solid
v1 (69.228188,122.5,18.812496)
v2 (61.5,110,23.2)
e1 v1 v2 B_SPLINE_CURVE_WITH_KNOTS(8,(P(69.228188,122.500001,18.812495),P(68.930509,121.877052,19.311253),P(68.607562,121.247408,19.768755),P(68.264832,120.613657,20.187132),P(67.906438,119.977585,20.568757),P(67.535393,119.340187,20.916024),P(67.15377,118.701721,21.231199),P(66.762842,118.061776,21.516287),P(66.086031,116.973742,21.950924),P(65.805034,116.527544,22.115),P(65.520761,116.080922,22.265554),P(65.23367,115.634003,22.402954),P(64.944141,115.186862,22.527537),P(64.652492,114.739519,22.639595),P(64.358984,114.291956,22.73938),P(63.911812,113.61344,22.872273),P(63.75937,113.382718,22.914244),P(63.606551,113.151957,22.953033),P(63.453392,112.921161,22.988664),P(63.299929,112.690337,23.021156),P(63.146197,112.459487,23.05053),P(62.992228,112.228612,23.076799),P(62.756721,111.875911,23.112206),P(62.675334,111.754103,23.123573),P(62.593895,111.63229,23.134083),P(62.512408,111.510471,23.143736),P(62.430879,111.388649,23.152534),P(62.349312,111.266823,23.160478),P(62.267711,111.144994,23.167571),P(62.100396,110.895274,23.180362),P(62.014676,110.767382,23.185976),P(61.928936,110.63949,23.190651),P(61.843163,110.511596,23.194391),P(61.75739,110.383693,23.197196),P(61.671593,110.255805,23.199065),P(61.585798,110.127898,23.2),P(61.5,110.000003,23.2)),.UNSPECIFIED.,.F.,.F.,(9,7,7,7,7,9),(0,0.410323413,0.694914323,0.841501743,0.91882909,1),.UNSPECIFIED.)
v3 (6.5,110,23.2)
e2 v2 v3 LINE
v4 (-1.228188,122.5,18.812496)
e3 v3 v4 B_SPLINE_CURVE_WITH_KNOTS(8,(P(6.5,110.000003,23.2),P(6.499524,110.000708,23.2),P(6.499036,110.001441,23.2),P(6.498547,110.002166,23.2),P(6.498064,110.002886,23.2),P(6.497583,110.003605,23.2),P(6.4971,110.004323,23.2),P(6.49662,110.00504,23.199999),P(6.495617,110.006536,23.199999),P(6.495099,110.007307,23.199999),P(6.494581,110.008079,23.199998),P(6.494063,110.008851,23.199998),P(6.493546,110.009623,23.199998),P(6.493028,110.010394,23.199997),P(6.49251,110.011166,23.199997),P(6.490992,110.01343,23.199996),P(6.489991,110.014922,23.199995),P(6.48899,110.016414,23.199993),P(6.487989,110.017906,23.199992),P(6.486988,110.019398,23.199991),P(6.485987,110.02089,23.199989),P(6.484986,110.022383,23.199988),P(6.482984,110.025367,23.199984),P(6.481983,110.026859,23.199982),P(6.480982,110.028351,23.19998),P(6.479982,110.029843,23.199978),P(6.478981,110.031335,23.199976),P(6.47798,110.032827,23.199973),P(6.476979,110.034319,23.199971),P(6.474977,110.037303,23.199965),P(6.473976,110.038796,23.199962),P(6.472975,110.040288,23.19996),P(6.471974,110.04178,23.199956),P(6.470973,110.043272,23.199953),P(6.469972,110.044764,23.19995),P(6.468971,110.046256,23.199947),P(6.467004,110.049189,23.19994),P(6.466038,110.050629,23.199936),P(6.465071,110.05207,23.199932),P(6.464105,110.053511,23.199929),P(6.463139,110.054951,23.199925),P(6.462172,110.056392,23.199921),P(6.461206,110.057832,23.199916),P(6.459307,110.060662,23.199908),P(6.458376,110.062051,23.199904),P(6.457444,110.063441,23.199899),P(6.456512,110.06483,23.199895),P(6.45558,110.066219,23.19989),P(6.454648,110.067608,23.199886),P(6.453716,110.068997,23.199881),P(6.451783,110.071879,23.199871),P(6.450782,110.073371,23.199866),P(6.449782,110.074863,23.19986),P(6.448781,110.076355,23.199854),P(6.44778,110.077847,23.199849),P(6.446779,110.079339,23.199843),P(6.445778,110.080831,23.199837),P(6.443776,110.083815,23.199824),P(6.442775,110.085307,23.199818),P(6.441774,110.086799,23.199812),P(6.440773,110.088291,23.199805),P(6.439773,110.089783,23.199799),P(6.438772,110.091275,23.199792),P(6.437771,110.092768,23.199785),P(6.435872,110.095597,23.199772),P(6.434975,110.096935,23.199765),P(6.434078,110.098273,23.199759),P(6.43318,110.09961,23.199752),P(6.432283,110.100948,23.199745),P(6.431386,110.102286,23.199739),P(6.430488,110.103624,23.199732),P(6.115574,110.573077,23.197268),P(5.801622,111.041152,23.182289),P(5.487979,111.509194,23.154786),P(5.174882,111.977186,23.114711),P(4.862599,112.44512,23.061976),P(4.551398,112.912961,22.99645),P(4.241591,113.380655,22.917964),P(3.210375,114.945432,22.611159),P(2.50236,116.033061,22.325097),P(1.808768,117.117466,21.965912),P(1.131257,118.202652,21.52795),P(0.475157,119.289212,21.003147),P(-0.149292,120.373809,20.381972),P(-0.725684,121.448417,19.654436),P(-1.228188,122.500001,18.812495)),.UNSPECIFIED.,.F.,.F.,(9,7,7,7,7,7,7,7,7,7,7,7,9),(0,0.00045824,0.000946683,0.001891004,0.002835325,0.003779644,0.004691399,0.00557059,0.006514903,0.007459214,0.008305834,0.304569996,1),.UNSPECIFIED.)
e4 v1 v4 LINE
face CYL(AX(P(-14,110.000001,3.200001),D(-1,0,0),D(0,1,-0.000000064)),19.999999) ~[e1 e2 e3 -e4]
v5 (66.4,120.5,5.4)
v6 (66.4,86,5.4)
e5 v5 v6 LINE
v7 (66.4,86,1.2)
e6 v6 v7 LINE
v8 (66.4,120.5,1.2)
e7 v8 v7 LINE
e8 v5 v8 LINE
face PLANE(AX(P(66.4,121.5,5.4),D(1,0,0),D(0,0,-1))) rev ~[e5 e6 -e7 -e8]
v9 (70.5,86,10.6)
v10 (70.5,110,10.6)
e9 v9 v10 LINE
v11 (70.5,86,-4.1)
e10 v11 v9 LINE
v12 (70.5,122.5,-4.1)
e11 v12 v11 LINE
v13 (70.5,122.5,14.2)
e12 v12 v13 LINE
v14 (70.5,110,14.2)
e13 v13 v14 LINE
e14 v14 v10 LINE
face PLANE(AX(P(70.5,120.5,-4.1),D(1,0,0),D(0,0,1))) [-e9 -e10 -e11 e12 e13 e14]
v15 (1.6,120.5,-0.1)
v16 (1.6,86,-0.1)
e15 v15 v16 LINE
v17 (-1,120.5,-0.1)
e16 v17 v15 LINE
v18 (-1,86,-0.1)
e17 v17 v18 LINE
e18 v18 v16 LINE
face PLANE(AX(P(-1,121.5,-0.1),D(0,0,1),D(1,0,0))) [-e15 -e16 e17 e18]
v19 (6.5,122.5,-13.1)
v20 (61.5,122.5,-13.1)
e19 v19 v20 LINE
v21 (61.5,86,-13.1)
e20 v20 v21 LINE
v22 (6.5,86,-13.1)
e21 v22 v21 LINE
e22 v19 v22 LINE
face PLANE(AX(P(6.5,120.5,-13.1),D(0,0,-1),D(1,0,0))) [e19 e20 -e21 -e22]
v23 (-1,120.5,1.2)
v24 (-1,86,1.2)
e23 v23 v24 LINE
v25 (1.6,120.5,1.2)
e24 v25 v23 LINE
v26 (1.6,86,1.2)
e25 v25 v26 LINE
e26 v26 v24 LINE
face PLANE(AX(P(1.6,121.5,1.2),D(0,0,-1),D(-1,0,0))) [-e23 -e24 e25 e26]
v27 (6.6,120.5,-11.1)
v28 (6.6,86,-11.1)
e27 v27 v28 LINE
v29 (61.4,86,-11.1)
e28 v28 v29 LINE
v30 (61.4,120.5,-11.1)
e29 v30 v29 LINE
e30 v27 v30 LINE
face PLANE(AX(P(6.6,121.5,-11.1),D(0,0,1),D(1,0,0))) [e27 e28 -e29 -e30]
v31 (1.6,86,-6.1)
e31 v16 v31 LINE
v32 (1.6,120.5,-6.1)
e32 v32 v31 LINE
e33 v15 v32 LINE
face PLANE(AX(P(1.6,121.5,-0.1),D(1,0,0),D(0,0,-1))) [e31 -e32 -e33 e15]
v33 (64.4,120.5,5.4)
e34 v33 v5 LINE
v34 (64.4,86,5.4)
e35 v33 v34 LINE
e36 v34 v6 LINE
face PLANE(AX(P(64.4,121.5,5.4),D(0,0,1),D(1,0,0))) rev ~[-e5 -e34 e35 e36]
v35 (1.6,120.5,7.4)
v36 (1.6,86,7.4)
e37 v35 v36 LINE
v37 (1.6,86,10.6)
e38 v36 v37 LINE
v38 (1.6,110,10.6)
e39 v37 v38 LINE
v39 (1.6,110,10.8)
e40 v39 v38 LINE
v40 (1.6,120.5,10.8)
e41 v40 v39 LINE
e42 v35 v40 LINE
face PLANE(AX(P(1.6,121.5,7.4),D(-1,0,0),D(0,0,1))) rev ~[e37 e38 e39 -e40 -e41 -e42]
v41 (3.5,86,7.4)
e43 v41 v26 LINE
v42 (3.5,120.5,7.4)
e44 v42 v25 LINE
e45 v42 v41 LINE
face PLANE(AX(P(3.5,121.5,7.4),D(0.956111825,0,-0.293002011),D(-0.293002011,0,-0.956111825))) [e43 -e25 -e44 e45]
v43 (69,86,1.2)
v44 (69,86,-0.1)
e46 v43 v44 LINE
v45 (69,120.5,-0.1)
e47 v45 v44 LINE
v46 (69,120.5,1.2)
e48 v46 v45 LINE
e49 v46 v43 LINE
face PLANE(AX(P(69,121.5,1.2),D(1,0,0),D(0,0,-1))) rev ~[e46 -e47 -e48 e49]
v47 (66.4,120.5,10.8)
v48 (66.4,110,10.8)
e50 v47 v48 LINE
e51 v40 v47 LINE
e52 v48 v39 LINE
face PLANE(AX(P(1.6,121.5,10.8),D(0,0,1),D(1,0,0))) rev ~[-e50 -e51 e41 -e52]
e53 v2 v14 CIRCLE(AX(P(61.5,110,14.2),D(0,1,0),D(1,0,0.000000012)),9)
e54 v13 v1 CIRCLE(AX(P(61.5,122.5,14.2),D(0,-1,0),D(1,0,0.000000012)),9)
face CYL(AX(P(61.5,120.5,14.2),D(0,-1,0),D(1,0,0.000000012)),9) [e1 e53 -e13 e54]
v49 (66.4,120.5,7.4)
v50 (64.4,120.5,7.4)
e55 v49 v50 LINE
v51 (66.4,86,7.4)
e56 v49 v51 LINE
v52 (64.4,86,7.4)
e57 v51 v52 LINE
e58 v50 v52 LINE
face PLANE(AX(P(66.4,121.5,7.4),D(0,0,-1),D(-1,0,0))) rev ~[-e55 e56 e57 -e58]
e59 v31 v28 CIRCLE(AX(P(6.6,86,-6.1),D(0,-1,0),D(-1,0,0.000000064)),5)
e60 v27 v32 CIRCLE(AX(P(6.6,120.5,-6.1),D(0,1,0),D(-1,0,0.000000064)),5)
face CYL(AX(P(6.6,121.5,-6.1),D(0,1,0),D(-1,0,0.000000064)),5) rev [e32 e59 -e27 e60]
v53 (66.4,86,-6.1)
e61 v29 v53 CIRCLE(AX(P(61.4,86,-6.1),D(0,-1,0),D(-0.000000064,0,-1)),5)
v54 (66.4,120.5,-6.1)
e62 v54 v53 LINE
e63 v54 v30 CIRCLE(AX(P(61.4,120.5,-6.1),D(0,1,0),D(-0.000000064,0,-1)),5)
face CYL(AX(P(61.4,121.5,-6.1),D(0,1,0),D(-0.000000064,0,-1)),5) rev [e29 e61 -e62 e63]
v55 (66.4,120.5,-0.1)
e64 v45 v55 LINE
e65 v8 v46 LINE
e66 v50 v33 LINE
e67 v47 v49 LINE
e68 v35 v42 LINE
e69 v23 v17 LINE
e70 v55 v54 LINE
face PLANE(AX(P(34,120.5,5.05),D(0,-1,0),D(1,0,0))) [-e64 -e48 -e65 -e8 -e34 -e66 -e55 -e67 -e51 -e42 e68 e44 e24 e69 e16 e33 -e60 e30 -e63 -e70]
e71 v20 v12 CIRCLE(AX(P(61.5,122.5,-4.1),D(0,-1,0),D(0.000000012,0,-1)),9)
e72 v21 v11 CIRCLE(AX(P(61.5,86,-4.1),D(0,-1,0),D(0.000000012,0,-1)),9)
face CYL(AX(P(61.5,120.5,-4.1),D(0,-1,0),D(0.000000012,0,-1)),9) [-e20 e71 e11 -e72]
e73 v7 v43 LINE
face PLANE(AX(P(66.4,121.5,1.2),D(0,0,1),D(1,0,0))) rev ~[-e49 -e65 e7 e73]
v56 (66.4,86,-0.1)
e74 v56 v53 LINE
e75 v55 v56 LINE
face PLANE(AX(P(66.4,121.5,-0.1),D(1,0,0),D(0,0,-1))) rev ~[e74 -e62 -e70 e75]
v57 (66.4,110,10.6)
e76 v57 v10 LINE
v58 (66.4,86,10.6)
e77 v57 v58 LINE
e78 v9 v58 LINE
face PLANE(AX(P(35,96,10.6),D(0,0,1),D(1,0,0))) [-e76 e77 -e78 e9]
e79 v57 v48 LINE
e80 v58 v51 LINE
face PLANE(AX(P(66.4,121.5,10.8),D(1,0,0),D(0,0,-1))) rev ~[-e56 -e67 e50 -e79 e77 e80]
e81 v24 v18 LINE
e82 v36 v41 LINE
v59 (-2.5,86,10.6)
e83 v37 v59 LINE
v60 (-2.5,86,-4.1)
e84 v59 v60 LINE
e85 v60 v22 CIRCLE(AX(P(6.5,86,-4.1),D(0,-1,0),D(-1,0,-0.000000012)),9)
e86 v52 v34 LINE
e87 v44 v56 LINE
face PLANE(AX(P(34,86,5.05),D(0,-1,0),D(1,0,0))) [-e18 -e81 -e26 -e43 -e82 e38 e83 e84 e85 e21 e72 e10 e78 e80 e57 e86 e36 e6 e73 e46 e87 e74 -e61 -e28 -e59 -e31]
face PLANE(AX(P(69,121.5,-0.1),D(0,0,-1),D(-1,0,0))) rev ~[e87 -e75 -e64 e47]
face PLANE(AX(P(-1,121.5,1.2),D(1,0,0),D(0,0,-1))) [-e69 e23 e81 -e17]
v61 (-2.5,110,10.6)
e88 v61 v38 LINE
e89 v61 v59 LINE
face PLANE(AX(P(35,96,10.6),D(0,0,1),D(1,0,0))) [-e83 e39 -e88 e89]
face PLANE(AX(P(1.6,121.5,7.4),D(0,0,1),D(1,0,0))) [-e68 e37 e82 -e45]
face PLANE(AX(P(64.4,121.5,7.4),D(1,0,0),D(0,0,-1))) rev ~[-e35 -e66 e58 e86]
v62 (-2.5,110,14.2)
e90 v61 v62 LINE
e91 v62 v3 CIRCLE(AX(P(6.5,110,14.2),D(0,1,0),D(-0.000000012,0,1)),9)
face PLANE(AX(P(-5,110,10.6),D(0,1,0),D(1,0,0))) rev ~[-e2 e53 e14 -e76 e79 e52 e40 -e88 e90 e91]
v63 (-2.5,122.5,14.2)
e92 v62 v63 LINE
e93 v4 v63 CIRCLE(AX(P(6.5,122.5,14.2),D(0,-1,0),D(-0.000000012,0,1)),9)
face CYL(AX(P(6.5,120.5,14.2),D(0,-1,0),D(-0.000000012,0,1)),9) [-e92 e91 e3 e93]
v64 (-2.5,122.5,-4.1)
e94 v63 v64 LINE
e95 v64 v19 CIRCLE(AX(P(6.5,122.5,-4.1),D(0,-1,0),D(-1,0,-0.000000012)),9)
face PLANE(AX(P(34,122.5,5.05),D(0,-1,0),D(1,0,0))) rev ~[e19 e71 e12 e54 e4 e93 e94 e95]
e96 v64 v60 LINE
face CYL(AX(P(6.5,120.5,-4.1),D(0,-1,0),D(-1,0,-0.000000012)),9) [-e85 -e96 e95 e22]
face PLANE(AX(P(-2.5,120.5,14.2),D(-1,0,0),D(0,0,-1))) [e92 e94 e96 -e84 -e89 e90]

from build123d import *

# Parameters (mm, degrees)
EXTRUDE036_DEPTH                     = 100
EXTRUDE035_DEPTH                     = 2
EXTRUDE035_ONTO_SKETCH048_ROLL_ANGLE = 90
BOX016_W                             = 80
BOX016_H                             = 28
BOX016_DEPTH                         = 30
EXTRUDE034_DEPTH                     = 35.5
EXTRUDE034_ONTO_SKETCH047_ROLL_ANGLE = 90


with BuildPart() as round_cut:
    # Sketch049 → Extrude036 (new body)
    with BuildSketch(Plane.YZ.offset(-14)):
        with BuildLine():
            Line((100, 23.2), (100, 26.2))
            Line((100, 26.2), (133, 26.2))
            Line((133, 26.2), (133, -6.8))
            Line((133, -6.8), (130, -6.8))
            Line((130, -6.8), (130, 3.2))
            ThreePointArc((130, 3.2), (124.142136, 17.342136), (110, 23.2))
            Line((100, 23.2), (110, 23.2))
        make_face()
    extrude(amount=EXTRUDE036_DEPTH)


with BuildPart() as extrude035:
    # Sketch048 as drawn → Extrude035 (new)
    with BuildSketch(Plane.XY):
        with BuildLine():
            Line((-2.5, 14.2), (-2.5, -4.1))
            ThreePointArc((-2.5, -4.1), (0.136039, -10.463961), (6.5, -13.1))
            Line((6.5, -13.1), (61.5, -13.1))
            ThreePointArc((61.5, -13.1), (67.863961, -10.463961), (70.5, -4.1))
            Line((70.5, -4.1), (70.5, 14.2))
            ThreePointArc((70.5, 14.2), (67.863961, 20.563961), (61.5, 23.2))
            Line((6.5, 23.2), (61.5, 23.2))
            ThreePointArc((6.5, 23.2), (0.136039, 20.563961), (-2.5, 14.2))
        make_face()
    extrude(amount=-EXTRUDE035_DEPTH)


with BuildPart() as extrude035_1:
    # Extrude035 onto Sketch048 roll: moved
    add(extrude035.part.rotate(Axis((0, 0, 0), (1, 0, 0)), EXTRUDE035_ONTO_SKETCH048_ROLL_ANGLE))


with BuildPart() as extrude035_2:
    # Extrude035 onto Sketch048 placement: moved
    add(extrude035_1.part.moved(Location((0, 120, 0))))


with BuildPart() as extrude035_3:
    # Extrude035 placement: moved
    add(extrude035_2.part.moved(Location((0, 0.5, 0))))


with BuildPart() as cube004:
    # Box016 → Box016 (new body)
    with BuildSketch(Plane(origin=(-5, 82, 10.6), x_dir=(1, 0, 0), z_dir=(0, 0, 1))):
        with Locations((40, 14)):
            Rectangle(BOX016_W, BOX016_H)
    extrude(amount=BOX016_DEPTH)


with BuildPart() as cut012:
    # Sketch047 as drawn → Extrude034 (new)
    with BuildSketch(Plane.XY):
        with BuildLine():
            Line((-2.5, 14.2), (-2.5, -4.1))
            ThreePointArc((-2.5, -4.1), (0.136039, -10.463961), (6.5, -13.1))
            Line((6.5, -13.1), (61.5, -13.1))
            ThreePointArc((61.5, -13.1), (67.863961, -10.463961), (70.5, -4.1))
            Line((70.5, -4.1), (70.5, 14.2))
            ThreePointArc((70.5, 14.2), (67.863961, 20.563961), (61.5, 23.2))
            Line((6.5, 23.2), (61.5, 23.2))
            ThreePointArc((6.5, 23.2), (0.136039, 20.563961), (-2.5, 14.2))
        make_face()
        with BuildLine():
            Line((1.6, 1.2), (-1, 1.2))
            Line((-1, 1.2), (-1, -0.1))
            Line((-1, -0.1), (1.6, -0.1))
            Line((1.6, -0.1), (1.6, -6.1))
            ThreePointArc((1.6, -6.1), (3.064466, -9.635534), (6.6, -11.1))
            Line((6.6, -11.1), (61.4, -11.1))
            ThreePointArc((61.4, -11.1), (64.935534, -9.635534), (66.4, -6.1))
            Line((66.4, -0.1), (66.4, -6.1))
            Line((69, -0.1), (66.4, -0.1))
            Line((69, 1.2), (69, -0.1))
            Line((66.4, 1.2), (69, 1.2))
            Line((66.4, 5.4), (66.4, 1.2))
            Line((64.4, 5.4), (66.4, 5.4))
            Line((64.4, 7.4), (64.4, 5.4))
            Line((66.4, 7.4), (64.4, 7.4))
            Line((66.4, 10.6), (66.4, 7.4))
            Line((66.4, 10.6), (66.4, 10.8))
            Line((66.4, 10.8), (64.5, 10.8))
            Line((64.5, 10.8), (3.5, 10.8))
            Line((1.6, 10.8), (3.5, 10.8))
            Line((1.6, 10.6), (1.6, 10.8))
            Line((1.6, 10.6), (1.6, 7.4))
            Line((1.6, 7.4), (3.5, 7.4))
            Line((3.5, 7.4), (1.6, 1.2))
        make_face(mode=Mode.SUBTRACT)
    extrude(amount=EXTRUDE034_DEPTH)


with BuildPart() as cut012_1:
    # Extrude034 onto Sketch047 roll: moved
    add(cut012.part.rotate(Axis((0, 0, 0), (1, 0, 0)), EXTRUDE034_ONTO_SKETCH047_ROLL_ANGLE))


with BuildPart() as cut012_2:
    # Extrude034 onto Sketch047 placement: moved
    add(cut012_1.part.moved(Location((0, 120, 0))))


with BuildPart() as cut012_3:
    # Extrude034 placement: moved
    add(cut012_2.part.moved(Location((0, 1.5, 0))))

    # Cut011: cut Cube004
    add(cube004.part, mode=Mode.SUBTRACT)

    # Fusion020: union Extrude035
    add(extrude035_3.part)

    # Cut012: cut round_cut
    add(round_cut.part, mode=Mode.SUBTRACT)


solid = cut012_3.part
